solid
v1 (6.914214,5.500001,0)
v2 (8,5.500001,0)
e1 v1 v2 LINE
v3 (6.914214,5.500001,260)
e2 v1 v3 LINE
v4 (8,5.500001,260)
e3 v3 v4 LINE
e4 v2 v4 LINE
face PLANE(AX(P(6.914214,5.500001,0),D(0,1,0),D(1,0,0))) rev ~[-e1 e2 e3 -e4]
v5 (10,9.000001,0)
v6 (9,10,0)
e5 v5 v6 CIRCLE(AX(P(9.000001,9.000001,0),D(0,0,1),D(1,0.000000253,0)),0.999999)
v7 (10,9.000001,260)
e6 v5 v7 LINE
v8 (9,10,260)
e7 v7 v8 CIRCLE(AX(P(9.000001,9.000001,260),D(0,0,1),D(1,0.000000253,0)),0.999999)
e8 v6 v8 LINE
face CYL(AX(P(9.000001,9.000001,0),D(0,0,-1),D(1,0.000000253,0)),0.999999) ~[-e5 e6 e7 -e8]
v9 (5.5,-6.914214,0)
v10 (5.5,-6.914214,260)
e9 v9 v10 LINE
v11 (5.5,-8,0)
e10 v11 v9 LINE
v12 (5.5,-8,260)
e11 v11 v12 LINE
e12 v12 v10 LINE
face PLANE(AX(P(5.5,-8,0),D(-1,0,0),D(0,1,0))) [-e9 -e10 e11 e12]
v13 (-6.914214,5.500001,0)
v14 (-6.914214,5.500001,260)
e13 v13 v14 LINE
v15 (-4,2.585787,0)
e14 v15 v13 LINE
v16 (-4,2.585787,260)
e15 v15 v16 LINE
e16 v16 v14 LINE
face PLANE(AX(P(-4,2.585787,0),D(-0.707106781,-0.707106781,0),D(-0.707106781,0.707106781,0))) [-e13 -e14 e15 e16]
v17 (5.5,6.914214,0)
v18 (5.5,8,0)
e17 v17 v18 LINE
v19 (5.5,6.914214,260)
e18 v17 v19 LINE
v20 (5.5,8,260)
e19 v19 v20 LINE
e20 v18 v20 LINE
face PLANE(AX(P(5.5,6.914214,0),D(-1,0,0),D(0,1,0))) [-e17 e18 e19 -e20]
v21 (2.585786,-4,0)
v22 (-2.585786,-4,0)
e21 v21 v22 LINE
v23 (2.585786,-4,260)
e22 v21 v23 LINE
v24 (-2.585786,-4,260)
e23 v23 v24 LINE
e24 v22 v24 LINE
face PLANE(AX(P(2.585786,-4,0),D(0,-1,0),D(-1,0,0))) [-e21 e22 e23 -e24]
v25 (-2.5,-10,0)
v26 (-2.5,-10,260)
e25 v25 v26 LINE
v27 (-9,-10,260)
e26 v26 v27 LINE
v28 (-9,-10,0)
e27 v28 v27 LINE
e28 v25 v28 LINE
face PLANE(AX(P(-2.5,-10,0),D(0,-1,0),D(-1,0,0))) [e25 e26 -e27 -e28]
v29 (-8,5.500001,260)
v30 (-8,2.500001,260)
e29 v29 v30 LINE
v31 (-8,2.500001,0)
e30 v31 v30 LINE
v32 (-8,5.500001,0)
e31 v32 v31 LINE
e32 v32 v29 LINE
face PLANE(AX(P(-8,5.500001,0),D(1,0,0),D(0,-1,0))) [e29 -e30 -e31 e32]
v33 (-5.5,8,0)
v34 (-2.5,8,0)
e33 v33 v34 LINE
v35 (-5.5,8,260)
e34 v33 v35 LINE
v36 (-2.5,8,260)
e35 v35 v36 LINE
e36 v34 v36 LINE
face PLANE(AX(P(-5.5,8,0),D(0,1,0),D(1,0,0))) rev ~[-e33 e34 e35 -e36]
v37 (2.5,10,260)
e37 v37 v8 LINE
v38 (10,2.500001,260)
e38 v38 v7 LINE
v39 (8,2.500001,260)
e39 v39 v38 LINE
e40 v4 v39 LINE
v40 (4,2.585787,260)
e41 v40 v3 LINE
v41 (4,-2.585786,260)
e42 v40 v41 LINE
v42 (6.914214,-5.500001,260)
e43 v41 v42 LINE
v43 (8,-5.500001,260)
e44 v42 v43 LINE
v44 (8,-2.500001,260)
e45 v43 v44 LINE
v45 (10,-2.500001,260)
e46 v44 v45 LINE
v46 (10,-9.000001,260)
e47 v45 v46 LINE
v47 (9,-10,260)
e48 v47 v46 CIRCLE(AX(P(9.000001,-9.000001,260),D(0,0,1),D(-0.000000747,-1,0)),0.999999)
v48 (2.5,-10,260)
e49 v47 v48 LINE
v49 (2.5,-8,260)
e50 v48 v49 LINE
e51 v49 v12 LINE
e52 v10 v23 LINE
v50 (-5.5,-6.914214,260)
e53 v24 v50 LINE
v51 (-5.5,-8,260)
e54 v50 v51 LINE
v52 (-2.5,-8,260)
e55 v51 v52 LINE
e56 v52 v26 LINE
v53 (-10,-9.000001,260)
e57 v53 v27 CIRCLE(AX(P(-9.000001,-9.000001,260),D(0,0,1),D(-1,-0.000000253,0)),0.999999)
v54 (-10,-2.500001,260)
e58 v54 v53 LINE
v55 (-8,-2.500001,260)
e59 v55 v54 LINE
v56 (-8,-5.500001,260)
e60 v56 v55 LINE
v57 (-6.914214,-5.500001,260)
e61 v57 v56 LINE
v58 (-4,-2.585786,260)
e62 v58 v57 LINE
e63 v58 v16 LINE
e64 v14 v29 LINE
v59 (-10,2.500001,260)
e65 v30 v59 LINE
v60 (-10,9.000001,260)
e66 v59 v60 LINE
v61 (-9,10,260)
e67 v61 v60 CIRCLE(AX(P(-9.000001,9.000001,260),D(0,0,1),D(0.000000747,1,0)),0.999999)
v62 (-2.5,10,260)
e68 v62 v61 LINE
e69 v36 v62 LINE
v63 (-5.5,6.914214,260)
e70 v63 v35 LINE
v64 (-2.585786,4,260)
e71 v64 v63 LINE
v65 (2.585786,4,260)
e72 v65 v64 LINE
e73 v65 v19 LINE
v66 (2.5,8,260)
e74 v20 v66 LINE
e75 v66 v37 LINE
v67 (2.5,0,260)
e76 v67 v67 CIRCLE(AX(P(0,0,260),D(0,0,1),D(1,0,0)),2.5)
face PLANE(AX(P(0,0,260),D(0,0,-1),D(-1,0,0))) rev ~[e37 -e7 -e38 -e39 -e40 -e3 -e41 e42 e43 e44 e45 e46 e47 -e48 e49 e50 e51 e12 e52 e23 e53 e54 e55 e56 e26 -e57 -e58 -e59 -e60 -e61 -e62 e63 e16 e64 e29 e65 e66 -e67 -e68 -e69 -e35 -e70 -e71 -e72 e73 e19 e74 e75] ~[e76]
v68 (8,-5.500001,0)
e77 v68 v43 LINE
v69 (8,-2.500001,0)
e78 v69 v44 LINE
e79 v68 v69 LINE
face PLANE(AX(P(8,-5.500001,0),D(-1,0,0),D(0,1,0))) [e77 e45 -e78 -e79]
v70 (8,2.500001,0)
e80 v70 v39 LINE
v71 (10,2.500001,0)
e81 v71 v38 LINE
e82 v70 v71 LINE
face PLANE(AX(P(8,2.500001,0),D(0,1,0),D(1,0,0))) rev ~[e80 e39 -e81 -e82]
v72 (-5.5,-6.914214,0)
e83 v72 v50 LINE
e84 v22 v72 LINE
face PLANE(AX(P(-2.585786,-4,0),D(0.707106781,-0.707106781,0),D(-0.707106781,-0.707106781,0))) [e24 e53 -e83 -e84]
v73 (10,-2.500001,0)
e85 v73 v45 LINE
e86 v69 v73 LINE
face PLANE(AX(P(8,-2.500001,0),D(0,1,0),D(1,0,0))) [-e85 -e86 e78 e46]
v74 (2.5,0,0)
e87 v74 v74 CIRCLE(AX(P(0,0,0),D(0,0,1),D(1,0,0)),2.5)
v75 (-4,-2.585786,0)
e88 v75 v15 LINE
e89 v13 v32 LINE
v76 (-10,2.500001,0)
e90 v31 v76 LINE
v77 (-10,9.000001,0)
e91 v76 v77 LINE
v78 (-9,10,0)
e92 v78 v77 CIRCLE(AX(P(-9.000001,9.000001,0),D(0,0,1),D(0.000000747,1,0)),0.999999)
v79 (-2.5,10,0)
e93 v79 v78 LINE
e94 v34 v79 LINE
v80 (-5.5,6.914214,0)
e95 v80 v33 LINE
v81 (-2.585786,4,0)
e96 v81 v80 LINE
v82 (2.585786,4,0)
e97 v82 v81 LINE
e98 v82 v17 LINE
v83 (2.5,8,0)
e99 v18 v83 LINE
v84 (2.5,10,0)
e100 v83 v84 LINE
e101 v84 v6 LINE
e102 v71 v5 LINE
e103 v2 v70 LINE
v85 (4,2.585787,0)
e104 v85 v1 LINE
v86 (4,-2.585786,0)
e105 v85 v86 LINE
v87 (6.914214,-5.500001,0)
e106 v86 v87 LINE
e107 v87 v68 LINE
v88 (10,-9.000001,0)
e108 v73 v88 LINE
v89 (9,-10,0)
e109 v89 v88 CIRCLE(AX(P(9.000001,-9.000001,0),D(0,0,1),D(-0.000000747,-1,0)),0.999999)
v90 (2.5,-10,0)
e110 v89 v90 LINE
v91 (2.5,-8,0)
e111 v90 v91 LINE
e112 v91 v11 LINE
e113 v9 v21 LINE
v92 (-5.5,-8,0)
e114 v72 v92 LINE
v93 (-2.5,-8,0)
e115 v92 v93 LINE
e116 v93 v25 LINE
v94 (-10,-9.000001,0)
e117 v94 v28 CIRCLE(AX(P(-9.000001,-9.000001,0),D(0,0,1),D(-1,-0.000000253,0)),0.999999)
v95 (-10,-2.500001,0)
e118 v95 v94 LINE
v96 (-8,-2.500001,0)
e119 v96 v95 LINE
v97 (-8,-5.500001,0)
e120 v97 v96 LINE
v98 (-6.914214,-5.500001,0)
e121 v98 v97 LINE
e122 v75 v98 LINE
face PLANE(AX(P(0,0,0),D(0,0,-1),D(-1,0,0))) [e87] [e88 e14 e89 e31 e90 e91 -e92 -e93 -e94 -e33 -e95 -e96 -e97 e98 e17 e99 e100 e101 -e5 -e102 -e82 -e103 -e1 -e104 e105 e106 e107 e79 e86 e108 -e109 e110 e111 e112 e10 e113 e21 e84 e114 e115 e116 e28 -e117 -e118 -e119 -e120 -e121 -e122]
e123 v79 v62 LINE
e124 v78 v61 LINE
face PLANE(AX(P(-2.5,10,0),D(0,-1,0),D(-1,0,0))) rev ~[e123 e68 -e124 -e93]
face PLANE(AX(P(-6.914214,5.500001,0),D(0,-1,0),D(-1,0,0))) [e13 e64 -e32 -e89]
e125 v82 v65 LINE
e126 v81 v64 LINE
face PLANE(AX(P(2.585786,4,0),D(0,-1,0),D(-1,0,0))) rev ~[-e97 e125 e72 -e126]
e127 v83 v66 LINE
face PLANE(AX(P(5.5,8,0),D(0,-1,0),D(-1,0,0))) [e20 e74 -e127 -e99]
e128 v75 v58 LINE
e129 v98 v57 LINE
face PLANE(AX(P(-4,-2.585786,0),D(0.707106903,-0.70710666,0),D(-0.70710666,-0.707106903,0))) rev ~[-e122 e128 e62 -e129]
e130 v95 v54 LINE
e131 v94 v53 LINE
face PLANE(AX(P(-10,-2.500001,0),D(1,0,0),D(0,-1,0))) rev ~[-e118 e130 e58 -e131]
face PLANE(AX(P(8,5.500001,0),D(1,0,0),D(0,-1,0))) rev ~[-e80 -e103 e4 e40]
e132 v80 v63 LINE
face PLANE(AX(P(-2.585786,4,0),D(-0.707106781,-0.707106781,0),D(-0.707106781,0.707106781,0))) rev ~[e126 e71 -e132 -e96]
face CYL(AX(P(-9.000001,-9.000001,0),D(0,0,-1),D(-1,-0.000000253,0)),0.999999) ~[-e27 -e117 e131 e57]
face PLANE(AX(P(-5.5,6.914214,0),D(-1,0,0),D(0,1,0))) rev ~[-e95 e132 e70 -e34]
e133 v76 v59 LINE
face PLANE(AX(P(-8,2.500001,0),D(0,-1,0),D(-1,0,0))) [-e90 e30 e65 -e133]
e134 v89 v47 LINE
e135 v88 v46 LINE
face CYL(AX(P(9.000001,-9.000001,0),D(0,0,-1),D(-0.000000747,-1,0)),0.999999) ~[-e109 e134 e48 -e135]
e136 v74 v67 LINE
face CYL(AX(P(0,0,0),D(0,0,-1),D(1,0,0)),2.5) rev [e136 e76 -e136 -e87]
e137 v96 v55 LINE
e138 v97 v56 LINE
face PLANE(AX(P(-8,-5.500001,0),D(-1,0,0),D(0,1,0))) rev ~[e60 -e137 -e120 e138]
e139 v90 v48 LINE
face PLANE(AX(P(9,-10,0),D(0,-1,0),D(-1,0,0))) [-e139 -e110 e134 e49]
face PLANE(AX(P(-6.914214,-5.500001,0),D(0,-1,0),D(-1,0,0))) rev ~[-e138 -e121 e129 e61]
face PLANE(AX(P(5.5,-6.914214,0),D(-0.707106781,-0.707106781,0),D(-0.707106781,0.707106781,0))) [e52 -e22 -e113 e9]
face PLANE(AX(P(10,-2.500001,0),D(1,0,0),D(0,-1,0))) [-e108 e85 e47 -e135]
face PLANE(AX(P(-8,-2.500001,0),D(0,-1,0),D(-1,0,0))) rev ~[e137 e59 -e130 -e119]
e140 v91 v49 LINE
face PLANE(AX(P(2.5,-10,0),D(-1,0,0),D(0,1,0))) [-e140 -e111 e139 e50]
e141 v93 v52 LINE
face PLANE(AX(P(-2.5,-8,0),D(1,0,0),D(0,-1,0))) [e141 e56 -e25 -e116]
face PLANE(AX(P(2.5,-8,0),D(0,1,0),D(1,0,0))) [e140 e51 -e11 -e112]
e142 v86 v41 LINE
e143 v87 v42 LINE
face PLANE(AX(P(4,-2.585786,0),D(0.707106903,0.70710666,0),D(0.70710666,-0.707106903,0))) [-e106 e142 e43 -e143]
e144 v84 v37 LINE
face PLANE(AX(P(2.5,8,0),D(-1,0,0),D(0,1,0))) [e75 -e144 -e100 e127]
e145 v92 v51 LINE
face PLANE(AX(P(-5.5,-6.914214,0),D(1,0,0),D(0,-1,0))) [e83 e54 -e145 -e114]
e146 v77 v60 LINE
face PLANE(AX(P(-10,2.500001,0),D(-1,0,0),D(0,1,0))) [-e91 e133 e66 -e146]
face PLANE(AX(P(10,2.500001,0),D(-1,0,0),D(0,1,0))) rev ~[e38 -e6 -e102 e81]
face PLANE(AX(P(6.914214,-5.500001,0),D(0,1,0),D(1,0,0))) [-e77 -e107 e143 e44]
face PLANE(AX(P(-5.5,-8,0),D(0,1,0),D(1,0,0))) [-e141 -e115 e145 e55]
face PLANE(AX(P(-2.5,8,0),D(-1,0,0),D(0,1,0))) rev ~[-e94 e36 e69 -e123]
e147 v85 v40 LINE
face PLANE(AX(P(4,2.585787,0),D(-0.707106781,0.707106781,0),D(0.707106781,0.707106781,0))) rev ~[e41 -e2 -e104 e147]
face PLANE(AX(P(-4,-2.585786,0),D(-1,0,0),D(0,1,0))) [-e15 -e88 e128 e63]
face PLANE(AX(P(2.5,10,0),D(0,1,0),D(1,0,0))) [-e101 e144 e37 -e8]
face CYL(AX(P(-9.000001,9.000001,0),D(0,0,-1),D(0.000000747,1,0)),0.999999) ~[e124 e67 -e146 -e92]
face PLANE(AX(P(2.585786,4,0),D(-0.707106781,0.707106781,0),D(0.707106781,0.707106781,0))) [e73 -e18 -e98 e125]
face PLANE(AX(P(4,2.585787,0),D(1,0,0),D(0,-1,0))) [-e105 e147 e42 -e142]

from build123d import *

# Parameters (mm, degrees)
SKETCH005_R  = 2.5
PAD003_DEPTH = 260


with BuildPart() as part:
    # Sketch005 → Pad003 (new body)
    with BuildSketch(Plane.XY):
        with BuildLine():
            Line((-4, -2.585786), (-4, 2.585787))
            Line((-4, 2.585787), (-6.914214, 5.500001))
            Line((-6.914214, 5.500001), (-8, 5.500001))
            Line((-8, 5.500001), (-8, 2.500001))
            Line((-8, 2.500001), (-10, 2.500001))
            Line((-10, 2.500001), (-10, 9.000001))
            ThreePointArc((-9, 10), (-9.707107, 9.707107), (-10, 9.000001))
            Line((-2.5, 10), (-9, 10))
            Line((-2.5, 8), (-2.5, 10))
            Line((-5.5, 8), (-2.5, 8))
            Line((-5.5, 6.914214), (-5.5, 8))
            Line((-2.585786, 4), (-5.5, 6.914214))
            Line((2.585786, 4), (-2.585786, 4))
            Line((2.585786, 4), (5.5, 6.914214))
            Line((5.5, 6.914214), (5.5, 8))
            Line((5.5, 8), (2.5, 8))
            Line((2.5, 8), (2.5, 10))
            Line((2.5, 10), (9, 10))
            ThreePointArc((10, 9.000001), (9.707107, 9.707107), (9, 10))
            Line((10, 2.500001), (10, 9.000001))
            Line((8, 2.500001), (10, 2.500001))
            Line((8, 5.500001), (8, 2.500001))
            Line((6.914214, 5.500001), (8, 5.500001))
            Line((4, 2.585787), (6.914214, 5.500001))
            Line((4, 2.585787), (4, -2.585786))
            Line((4, -2.585786), (6.914214, -5.500001))
            Line((6.914214, -5.500001), (8, -5.500001))
            Line((8, -5.500001), (8, -2.500001))
            Line((8, -2.500001), (10, -2.500001))
            Line((10, -2.500001), (10, -9.000001))
            ThreePointArc((9, -10), (9.707107, -9.707107), (10, -9.000001))
            Line((9, -10), (2.5, -10))
            Line((2.5, -10), (2.5, -8))
            Line((2.5, -8), (5.5, -8))
            Line((5.5, -8), (5.5, -6.914214))
            Line((5.5, -6.914214), (2.585786, -4))
            Line((2.585786, -4), (-2.585786, -4))
            Line((-2.585786, -4), (-5.5, -6.914214))
            Line((-5.5, -6.914214), (-5.5, -8))
            Line((-5.5, -8), (-2.5, -8))
            Line((-2.5, -8), (-2.5, -10))
            Line((-2.5, -10), (-9, -10))
            ThreePointArc((-10, -9.000001), (-9.707107, -9.707107), (-9, -10))
            Line((-10, -2.500001), (-10, -9.000001))
            Line((-8, -2.500001), (-10, -2.500001))
            Line((-8, -5.500001), (-8, -2.500001))
            Line((-6.914214, -5.500001), (-8, -5.500001))
            Line((-4, -2.585786), (-6.914214, -5.500001))
        make_face()
        Circle(SKETCH005_R, mode=Mode.SUBTRACT)
    extrude(amount=PAD003_DEPTH)


solid = part.part
